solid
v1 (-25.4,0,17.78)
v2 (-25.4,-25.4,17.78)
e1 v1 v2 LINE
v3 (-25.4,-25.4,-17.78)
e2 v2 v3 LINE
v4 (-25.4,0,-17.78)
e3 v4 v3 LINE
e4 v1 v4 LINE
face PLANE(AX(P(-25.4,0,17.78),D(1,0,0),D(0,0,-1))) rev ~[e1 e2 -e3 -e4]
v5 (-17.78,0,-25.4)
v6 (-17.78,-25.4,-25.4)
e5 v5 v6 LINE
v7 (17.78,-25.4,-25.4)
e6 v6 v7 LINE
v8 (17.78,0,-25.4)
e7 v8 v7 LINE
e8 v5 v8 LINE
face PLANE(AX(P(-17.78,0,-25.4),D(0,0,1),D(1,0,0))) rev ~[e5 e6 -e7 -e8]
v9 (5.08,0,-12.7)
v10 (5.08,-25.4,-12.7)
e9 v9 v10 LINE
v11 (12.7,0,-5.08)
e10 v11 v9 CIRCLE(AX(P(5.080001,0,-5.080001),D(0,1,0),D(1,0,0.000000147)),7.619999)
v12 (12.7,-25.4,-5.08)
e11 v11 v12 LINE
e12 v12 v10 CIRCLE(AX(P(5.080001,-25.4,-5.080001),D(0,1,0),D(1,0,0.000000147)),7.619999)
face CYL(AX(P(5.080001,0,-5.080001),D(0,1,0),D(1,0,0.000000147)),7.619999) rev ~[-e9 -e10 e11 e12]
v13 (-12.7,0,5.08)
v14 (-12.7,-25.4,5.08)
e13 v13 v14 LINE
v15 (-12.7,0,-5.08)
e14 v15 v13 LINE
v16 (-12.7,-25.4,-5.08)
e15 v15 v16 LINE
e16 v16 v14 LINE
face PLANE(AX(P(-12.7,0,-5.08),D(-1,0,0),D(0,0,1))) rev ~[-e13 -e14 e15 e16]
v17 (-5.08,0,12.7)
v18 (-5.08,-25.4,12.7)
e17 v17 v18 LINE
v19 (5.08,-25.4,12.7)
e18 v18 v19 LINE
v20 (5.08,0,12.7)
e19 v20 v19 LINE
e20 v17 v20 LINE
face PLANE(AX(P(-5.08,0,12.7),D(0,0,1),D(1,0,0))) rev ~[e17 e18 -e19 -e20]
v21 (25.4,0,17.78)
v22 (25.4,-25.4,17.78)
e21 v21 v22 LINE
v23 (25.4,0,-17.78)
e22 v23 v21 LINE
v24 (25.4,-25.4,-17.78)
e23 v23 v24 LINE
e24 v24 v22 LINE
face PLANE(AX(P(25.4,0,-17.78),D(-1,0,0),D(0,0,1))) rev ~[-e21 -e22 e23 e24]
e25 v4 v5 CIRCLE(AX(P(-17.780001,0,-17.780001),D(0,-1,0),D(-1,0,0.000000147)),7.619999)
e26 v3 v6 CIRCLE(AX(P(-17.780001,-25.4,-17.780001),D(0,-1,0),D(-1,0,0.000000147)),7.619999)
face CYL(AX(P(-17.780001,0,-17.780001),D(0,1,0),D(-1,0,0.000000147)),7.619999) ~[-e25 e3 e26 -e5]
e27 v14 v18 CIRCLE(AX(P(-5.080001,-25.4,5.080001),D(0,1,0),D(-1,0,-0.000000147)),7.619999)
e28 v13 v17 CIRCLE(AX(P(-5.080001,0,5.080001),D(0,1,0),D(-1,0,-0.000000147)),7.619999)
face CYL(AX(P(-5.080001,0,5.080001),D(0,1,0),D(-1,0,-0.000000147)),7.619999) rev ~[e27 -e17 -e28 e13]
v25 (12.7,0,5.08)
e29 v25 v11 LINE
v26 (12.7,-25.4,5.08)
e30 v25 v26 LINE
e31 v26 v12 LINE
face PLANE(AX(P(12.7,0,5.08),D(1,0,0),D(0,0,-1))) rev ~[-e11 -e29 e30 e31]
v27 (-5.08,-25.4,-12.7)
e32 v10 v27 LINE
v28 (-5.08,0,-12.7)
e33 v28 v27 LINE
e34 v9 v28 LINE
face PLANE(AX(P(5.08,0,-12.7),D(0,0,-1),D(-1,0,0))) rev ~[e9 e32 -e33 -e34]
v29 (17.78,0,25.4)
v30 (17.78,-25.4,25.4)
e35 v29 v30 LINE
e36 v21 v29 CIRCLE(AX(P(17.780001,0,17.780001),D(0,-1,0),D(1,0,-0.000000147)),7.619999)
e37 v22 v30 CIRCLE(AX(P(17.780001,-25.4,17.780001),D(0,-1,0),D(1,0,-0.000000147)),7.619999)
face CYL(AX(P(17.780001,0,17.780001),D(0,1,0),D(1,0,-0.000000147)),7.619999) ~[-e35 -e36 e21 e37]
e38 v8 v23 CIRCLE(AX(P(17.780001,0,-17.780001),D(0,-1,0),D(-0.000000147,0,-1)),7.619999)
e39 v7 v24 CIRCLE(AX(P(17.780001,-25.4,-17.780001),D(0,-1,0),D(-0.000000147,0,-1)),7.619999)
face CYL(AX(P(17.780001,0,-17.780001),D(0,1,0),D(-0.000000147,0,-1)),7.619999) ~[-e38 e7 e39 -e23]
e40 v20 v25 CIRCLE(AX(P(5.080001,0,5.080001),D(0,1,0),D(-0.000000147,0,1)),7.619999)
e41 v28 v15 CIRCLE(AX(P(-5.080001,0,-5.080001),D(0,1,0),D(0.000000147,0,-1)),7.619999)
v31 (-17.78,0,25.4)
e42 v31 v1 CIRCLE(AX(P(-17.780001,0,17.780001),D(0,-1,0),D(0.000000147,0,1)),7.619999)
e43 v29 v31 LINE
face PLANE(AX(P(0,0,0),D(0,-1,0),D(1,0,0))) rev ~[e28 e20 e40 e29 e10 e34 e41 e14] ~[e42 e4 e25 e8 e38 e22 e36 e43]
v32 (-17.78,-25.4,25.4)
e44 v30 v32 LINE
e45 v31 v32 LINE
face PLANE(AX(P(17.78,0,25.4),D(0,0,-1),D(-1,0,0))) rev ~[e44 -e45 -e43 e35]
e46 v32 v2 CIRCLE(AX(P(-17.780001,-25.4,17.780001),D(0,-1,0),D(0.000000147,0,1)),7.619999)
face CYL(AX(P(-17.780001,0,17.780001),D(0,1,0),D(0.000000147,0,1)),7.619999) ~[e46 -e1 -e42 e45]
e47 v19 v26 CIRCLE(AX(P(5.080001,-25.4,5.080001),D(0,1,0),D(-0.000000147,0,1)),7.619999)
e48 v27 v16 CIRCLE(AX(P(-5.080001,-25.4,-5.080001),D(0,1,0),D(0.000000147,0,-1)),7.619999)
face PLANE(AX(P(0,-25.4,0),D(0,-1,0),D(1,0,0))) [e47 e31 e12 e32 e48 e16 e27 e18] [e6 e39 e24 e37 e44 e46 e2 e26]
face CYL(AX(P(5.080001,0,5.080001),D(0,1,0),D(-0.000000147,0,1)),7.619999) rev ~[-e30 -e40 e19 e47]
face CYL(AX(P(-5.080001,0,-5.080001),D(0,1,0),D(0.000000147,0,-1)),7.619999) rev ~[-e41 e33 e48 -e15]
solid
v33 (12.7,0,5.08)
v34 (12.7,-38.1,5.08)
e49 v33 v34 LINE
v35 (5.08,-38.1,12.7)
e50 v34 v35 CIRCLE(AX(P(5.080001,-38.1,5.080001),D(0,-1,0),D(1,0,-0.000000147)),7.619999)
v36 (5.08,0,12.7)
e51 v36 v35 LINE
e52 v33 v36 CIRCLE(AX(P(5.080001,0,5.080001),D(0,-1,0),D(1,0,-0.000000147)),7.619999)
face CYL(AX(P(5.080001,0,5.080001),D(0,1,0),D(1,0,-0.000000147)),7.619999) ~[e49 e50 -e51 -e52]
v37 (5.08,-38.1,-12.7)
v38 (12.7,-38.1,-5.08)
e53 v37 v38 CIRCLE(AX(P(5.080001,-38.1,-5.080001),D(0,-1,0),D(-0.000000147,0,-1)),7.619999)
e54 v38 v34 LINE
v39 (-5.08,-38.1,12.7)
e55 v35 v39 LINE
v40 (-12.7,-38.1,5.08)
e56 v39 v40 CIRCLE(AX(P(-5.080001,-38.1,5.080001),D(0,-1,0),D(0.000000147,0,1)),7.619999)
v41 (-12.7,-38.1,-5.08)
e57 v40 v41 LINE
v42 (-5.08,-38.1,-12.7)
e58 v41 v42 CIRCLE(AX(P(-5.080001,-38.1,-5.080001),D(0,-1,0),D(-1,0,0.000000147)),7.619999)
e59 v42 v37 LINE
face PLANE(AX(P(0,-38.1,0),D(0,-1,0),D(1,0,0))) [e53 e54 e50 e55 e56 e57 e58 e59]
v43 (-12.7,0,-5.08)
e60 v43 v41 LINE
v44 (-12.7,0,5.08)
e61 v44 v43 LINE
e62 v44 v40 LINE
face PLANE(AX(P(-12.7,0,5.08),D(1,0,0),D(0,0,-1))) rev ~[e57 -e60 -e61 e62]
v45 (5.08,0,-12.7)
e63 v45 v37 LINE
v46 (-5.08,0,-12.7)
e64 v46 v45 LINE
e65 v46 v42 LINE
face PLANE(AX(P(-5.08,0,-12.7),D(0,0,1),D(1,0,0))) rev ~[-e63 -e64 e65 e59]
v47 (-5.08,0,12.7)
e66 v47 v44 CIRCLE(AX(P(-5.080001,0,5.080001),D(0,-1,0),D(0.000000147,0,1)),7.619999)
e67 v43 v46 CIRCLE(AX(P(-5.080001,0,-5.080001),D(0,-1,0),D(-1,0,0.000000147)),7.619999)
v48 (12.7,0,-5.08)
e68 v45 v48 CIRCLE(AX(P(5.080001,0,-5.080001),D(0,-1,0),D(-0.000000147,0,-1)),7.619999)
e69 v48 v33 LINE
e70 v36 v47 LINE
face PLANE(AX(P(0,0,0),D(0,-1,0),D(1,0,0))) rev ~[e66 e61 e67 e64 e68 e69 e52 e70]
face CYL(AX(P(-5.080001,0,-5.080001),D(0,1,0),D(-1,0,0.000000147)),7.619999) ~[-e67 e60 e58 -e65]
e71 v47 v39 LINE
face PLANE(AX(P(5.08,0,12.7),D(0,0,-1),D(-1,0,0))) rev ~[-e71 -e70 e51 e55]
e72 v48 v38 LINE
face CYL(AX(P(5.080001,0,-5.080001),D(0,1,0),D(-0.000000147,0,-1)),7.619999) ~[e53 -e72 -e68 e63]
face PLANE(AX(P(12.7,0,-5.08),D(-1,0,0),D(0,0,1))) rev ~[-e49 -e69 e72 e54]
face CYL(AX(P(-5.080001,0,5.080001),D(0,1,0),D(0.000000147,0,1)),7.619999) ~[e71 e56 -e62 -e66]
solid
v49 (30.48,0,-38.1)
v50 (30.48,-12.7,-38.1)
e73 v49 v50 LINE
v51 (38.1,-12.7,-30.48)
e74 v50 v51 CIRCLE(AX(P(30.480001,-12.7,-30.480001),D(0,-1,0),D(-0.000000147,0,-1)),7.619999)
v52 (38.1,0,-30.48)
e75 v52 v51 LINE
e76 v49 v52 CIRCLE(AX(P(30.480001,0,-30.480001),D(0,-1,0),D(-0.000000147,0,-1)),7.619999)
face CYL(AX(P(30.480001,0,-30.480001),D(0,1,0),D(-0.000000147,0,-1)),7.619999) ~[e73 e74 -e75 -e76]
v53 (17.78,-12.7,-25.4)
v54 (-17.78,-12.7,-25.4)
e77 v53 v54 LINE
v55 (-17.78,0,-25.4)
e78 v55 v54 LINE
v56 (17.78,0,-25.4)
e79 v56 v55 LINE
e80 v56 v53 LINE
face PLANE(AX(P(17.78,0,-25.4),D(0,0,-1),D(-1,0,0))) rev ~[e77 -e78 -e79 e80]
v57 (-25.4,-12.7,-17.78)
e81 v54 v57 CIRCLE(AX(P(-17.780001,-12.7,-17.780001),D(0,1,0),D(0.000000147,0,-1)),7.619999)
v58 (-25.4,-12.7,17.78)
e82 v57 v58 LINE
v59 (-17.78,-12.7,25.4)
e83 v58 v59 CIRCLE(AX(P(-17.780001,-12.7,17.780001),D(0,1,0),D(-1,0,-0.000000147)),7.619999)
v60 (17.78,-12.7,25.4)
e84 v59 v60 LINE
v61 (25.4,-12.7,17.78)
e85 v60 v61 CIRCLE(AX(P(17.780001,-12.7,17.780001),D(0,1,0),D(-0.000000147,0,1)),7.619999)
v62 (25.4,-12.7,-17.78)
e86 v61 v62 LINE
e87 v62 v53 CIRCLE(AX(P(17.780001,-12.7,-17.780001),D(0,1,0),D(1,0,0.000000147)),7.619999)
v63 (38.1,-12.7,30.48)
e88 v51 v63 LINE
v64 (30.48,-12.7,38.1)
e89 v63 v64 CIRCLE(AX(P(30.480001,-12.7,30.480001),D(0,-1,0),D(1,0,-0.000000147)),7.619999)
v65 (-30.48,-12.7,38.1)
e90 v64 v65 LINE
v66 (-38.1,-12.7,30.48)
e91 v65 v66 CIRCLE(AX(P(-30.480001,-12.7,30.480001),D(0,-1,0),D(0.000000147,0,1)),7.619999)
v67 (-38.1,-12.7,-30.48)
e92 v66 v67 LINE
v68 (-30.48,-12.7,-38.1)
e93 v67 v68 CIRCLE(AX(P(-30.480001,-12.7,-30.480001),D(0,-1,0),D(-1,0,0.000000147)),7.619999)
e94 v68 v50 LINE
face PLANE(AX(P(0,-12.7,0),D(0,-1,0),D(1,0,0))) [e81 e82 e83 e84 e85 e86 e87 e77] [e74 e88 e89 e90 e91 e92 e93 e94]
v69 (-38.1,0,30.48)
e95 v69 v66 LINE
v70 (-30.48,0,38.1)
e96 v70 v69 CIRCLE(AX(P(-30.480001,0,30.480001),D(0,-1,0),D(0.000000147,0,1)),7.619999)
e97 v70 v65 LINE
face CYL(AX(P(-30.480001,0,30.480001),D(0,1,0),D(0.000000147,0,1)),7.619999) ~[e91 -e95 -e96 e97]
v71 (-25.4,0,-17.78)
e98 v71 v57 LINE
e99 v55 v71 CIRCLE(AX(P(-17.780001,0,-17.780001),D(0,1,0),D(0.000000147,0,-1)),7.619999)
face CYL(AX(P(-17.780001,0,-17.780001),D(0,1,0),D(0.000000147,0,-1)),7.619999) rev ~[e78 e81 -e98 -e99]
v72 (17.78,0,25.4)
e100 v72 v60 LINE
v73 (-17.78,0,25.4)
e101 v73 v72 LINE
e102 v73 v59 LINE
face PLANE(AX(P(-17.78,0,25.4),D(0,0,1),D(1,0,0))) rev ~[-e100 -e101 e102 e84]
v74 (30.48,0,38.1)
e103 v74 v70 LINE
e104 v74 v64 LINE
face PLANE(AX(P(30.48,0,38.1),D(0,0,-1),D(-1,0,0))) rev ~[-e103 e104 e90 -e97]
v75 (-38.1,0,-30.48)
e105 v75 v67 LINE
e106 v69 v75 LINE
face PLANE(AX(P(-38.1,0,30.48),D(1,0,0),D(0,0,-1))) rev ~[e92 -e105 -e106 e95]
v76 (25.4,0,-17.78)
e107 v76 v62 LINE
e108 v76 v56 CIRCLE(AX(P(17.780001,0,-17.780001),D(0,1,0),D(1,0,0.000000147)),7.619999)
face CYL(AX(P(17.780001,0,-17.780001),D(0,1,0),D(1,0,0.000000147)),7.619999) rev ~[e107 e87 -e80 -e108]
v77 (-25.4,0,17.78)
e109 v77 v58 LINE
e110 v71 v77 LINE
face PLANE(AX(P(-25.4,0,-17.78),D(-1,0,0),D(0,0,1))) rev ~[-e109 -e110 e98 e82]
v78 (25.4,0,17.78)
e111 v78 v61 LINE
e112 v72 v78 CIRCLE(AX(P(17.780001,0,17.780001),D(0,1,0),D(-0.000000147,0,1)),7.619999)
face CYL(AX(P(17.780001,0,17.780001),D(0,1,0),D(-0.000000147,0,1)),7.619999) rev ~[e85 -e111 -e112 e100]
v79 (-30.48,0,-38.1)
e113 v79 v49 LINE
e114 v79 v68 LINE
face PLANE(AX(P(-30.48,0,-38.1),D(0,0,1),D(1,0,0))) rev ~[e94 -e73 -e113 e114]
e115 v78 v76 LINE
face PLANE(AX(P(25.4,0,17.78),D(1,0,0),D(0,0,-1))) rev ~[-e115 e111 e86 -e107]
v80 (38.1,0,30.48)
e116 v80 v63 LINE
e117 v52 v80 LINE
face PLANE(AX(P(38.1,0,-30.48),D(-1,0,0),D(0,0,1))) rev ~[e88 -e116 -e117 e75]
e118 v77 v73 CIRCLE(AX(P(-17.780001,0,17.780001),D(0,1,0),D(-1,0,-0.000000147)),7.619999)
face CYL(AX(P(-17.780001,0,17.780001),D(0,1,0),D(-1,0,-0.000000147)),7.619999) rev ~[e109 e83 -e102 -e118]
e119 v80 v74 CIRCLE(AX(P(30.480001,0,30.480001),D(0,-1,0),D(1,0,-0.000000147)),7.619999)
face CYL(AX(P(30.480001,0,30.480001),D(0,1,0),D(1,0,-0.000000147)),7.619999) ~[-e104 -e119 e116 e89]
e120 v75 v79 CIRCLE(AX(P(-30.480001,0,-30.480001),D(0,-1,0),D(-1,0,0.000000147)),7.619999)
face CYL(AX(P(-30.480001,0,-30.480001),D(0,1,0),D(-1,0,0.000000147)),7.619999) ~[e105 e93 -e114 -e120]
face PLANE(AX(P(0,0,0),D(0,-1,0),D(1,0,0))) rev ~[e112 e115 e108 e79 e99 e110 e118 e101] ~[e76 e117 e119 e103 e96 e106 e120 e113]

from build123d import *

# Parameters (mm, degrees)
F1_DEPTH = 12.7
F2_DEPTH = 25.4
F3_DEPTH = 38.1


with BuildPart() as f1:
    # F0 (on Front) → F1 (new body)
    with BuildSketch(Plane.XZ):
        with BuildLine():
            Line((-30.48, -38.1), (30.48, -38.1))
            ThreePointArc((30.48, -38.1), (35.868154, -35.868154), (38.1, -30.48))
            Line((38.1, -30.48), (38.1, 30.48))
            ThreePointArc((38.1, 30.48), (35.868154, 35.868154), (30.48, 38.1))
            Line((30.48, 38.1), (-30.48, 38.1))
            ThreePointArc((-30.48, 38.1), (-35.868154, 35.868154), (-38.1, 30.48))
            Line((-38.1, 30.48), (-38.1, -30.48))
            ThreePointArc((-38.1, -30.48), (-35.868154, -35.868154), (-30.48, -38.1))
        make_face()
        with BuildLine():
            ThreePointArc((25.4, -17.78), (23.168154, -23.168154), (17.78, -25.4))
            Line((17.78, -25.4), (-17.78, -25.4))
            ThreePointArc((-17.78, -25.4), (-23.168154, -23.168154), (-25.4, -17.78))
            Line((-25.4, -17.78), (-25.4, 17.78))
            ThreePointArc((-25.4, 17.78), (-23.168154, 23.168154), (-17.78, 25.4))
            Line((-17.78, 25.4), (17.78, 25.4))
            ThreePointArc((17.78, 25.4), (23.168154, 23.168154), (25.4, 17.78))
            Line((25.4, 17.78), (25.4, -17.78))
        make_face(mode=Mode.SUBTRACT)
    extrude(amount=F1_DEPTH)


with BuildPart() as f2:
    # F0 (on Front) → F2 (new body)
    with BuildSketch(Plane.XZ):
        with BuildLine():
            Line((-17.78, -25.4), (17.78, -25.4))
            ThreePointArc((17.78, -25.4), (23.168154, -23.168154), (25.4, -17.78))
            Line((25.4, -17.78), (25.4, 17.78))
            ThreePointArc((25.4, 17.78), (23.168154, 23.168154), (17.78, 25.4))
            Line((17.78, 25.4), (-17.78, 25.4))
            ThreePointArc((-17.78, 25.4), (-23.168154, 23.168154), (-25.4, 17.78))
            Line((-25.4, 17.78), (-25.4, -17.78))
            ThreePointArc((-25.4, -17.78), (-23.168154, -23.168154), (-17.78, -25.4))
        make_face()
        with BuildLine():
            ThreePointArc((12.7, -5.08), (10.468154, -10.468154), (5.08, -12.7))
            Line((5.08, -12.7), (-5.08, -12.7))
            ThreePointArc((-5.08, -12.7), (-10.468154, -10.468154), (-12.7, -5.08))
            Line((-12.7, -5.08), (-12.7, 5.08))
            ThreePointArc((-12.7, 5.08), (-10.468154, 10.468154), (-5.08, 12.7))
            Line((-5.08, 12.7), (5.08, 12.7))
            ThreePointArc((5.08, 12.7), (10.468154, 10.468154), (12.7, 5.08))
            Line((12.7, 5.08), (12.7, -5.08))
        make_face(mode=Mode.SUBTRACT)
    extrude(amount=F2_DEPTH)


with BuildPart() as f3:
    # F0 (on Front) → F3 (new body)
    with BuildSketch(Plane.XZ):
        with BuildLine():
            Line((-5.08, -12.7), (5.08, -12.7))
            ThreePointArc((5.08, -12.7), (10.468154, -10.468154), (12.7, -5.08))
            Line((12.7, -5.08), (12.7, 5.08))
            ThreePointArc((12.7, 5.08), (10.468154, 10.468154), (5.08, 12.7))
            Line((5.08, 12.7), (-5.08, 12.7))
            ThreePointArc((-5.08, 12.7), (-10.468154, 10.468154), (-12.7, 5.08))
            Line((-12.7, 5.08), (-12.7, -5.08))
            ThreePointArc((-12.7, -5.08), (-10.468154, -10.468154), (-5.08, -12.7))
        make_face()
    extrude(amount=F3_DEPTH)


solid = Compound([f1.part, f2.part, f3.part])
